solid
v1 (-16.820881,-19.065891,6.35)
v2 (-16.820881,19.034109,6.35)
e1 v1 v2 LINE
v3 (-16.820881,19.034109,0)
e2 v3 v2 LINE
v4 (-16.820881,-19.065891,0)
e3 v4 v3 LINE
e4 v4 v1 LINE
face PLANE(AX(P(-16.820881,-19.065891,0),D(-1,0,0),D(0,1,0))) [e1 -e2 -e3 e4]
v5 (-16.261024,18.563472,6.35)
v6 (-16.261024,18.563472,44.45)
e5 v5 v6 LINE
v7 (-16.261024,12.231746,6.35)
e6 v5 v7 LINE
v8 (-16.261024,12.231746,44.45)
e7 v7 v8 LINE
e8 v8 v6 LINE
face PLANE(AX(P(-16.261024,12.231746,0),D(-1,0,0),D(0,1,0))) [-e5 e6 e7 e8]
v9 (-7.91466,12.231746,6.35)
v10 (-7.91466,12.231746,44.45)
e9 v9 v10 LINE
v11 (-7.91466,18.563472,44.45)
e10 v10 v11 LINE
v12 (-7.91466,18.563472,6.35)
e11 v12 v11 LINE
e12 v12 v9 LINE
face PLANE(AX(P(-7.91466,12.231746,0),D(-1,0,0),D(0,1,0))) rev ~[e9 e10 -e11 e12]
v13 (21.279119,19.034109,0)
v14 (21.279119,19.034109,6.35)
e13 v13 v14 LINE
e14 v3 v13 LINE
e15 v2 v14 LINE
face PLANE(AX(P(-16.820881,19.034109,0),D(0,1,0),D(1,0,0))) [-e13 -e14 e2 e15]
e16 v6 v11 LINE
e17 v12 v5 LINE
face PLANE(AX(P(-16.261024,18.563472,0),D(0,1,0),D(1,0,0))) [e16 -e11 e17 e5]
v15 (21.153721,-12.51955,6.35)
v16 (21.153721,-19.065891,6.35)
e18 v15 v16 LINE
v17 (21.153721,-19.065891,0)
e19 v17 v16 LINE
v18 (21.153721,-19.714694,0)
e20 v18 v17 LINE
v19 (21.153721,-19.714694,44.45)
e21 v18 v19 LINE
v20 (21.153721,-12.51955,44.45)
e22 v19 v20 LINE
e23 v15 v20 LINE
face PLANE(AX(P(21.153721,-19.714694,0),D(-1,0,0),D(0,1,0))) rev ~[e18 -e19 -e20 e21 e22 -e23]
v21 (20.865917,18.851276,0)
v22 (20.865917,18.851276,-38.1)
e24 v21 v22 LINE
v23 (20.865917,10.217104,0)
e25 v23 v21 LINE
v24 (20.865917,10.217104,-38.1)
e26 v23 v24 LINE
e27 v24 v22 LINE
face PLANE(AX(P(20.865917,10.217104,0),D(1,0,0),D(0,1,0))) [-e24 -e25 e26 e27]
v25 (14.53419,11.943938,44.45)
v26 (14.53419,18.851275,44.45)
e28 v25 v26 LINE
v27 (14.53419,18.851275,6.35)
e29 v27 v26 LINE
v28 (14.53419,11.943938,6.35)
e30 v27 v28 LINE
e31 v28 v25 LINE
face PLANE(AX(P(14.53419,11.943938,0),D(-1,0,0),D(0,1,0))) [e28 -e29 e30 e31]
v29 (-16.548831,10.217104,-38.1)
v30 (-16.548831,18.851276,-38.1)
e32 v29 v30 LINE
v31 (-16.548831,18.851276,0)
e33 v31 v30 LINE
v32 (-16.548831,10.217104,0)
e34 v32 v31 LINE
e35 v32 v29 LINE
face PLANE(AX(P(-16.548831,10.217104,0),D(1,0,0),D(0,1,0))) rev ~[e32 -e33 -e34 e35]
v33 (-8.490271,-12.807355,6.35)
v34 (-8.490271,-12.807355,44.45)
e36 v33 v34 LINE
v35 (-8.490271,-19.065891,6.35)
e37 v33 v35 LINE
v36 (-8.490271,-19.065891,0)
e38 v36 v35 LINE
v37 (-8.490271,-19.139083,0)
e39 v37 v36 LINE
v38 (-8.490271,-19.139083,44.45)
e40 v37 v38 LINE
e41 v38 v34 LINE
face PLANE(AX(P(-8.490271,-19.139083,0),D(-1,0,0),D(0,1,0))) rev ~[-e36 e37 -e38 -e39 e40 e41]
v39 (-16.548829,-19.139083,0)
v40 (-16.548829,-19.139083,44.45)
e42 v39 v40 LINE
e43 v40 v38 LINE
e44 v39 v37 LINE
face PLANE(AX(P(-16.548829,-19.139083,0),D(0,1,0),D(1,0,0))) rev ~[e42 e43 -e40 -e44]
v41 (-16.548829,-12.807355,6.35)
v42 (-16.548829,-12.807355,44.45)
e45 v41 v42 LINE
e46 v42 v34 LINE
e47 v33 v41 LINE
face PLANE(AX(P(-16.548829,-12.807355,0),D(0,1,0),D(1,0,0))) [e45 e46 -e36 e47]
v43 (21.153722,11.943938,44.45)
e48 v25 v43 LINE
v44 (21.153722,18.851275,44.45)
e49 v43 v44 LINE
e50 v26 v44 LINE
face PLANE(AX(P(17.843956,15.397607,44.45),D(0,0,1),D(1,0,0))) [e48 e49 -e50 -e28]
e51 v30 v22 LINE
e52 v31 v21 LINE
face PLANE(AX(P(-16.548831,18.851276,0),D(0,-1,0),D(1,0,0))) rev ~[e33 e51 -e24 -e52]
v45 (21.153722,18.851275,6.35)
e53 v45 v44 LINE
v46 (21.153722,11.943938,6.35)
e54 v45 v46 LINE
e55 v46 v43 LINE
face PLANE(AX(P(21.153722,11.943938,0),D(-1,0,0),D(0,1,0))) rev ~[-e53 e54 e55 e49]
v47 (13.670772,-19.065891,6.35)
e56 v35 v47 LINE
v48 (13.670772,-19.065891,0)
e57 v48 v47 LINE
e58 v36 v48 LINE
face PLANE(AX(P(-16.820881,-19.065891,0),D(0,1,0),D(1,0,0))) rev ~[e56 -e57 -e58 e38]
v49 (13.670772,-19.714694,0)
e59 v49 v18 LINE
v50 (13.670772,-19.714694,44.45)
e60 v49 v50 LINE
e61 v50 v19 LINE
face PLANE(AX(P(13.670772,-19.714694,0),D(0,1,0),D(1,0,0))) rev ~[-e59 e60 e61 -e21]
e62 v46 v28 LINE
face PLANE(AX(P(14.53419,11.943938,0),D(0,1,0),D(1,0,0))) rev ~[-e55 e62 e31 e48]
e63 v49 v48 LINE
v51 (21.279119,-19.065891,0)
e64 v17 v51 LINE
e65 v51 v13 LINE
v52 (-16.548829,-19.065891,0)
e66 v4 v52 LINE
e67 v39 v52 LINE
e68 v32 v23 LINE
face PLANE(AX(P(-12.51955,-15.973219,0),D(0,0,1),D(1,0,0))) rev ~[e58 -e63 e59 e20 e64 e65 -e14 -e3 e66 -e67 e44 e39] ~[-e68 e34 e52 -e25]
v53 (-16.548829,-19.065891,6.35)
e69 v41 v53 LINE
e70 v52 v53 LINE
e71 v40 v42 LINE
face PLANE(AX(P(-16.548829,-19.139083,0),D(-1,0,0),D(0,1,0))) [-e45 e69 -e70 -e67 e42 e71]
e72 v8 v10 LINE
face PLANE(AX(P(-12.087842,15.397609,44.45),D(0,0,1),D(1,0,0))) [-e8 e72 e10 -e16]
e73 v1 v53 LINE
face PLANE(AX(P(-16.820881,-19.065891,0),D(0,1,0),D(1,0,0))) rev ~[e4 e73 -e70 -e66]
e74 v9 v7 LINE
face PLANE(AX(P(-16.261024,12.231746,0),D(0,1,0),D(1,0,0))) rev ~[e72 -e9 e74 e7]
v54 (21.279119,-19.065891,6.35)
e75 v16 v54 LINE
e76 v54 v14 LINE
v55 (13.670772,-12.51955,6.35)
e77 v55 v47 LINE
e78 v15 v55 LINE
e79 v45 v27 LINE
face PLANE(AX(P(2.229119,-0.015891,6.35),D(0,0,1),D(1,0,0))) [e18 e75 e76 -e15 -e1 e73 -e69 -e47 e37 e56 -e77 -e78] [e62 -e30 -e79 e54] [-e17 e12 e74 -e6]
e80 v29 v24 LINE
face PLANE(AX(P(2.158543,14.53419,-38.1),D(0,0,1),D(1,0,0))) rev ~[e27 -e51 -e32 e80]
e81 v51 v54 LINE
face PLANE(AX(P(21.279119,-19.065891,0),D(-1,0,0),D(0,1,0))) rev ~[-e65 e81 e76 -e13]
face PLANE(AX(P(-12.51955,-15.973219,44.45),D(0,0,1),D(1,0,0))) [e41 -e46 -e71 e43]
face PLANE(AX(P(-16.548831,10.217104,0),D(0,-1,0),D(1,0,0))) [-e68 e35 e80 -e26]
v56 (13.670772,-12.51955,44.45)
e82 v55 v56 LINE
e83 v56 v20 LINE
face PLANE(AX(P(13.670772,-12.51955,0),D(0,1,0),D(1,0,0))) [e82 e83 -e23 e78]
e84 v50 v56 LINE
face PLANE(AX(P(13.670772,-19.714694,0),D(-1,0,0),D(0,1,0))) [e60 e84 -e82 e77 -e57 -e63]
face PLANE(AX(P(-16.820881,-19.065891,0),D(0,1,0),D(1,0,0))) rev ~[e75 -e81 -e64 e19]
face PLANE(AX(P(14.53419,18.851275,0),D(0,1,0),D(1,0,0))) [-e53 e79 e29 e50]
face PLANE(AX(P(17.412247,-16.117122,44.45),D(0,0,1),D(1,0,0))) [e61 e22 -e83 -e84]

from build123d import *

# Parameters (mm, degrees)
F0_W     = 38.1
F0_H     = 38.1
F1_DEPTH = 6.35
F2_W     = 37.414748
F2_H     = 8.634172
F3_DEPTH = 38.1
F4_W     = 8.058558
F4_H     = 6.331727
F4_W_2   = 7.482949
F4_H_2   = 7.195144
F4_W_3   = 8.346364
F4_W_4   = 6.619532
F4_H_3   = 6.907337
F5_DEPTH = 44.45


with BuildPart() as f1:
    # F0 (on Top) → F1 (new body)
    with BuildSketch(Plane.XY):
        with Locations((2.229119, -0.015891)):
            Rectangle(F0_W, F0_H)
    extrude(amount=F1_DEPTH)

    # F2 (on Top) → F3 (join)
    with BuildSketch(Plane.XY):
        with Locations((2.158543, 14.53419)):
            Rectangle(F2_W, F2_H)
    extrude(amount=-F3_DEPTH)

    # F4 (on Top) → F5 (join)
    with BuildSketch(Plane.XY):
        with Locations((-12.51955, -15.973219)):
            Rectangle(F4_W, F4_H)
        with Locations((17.412247, -16.117122)):
            Rectangle(F4_W_2, F4_H_2)
        with Locations((-12.087842, 15.397609)):
            Rectangle(F4_W_3, F4_H)
        with Locations((17.843956, 15.397607)):
            Rectangle(F4_W_4, F4_H_3)
    extrude(amount=F5_DEPTH)


solid = f1.part
